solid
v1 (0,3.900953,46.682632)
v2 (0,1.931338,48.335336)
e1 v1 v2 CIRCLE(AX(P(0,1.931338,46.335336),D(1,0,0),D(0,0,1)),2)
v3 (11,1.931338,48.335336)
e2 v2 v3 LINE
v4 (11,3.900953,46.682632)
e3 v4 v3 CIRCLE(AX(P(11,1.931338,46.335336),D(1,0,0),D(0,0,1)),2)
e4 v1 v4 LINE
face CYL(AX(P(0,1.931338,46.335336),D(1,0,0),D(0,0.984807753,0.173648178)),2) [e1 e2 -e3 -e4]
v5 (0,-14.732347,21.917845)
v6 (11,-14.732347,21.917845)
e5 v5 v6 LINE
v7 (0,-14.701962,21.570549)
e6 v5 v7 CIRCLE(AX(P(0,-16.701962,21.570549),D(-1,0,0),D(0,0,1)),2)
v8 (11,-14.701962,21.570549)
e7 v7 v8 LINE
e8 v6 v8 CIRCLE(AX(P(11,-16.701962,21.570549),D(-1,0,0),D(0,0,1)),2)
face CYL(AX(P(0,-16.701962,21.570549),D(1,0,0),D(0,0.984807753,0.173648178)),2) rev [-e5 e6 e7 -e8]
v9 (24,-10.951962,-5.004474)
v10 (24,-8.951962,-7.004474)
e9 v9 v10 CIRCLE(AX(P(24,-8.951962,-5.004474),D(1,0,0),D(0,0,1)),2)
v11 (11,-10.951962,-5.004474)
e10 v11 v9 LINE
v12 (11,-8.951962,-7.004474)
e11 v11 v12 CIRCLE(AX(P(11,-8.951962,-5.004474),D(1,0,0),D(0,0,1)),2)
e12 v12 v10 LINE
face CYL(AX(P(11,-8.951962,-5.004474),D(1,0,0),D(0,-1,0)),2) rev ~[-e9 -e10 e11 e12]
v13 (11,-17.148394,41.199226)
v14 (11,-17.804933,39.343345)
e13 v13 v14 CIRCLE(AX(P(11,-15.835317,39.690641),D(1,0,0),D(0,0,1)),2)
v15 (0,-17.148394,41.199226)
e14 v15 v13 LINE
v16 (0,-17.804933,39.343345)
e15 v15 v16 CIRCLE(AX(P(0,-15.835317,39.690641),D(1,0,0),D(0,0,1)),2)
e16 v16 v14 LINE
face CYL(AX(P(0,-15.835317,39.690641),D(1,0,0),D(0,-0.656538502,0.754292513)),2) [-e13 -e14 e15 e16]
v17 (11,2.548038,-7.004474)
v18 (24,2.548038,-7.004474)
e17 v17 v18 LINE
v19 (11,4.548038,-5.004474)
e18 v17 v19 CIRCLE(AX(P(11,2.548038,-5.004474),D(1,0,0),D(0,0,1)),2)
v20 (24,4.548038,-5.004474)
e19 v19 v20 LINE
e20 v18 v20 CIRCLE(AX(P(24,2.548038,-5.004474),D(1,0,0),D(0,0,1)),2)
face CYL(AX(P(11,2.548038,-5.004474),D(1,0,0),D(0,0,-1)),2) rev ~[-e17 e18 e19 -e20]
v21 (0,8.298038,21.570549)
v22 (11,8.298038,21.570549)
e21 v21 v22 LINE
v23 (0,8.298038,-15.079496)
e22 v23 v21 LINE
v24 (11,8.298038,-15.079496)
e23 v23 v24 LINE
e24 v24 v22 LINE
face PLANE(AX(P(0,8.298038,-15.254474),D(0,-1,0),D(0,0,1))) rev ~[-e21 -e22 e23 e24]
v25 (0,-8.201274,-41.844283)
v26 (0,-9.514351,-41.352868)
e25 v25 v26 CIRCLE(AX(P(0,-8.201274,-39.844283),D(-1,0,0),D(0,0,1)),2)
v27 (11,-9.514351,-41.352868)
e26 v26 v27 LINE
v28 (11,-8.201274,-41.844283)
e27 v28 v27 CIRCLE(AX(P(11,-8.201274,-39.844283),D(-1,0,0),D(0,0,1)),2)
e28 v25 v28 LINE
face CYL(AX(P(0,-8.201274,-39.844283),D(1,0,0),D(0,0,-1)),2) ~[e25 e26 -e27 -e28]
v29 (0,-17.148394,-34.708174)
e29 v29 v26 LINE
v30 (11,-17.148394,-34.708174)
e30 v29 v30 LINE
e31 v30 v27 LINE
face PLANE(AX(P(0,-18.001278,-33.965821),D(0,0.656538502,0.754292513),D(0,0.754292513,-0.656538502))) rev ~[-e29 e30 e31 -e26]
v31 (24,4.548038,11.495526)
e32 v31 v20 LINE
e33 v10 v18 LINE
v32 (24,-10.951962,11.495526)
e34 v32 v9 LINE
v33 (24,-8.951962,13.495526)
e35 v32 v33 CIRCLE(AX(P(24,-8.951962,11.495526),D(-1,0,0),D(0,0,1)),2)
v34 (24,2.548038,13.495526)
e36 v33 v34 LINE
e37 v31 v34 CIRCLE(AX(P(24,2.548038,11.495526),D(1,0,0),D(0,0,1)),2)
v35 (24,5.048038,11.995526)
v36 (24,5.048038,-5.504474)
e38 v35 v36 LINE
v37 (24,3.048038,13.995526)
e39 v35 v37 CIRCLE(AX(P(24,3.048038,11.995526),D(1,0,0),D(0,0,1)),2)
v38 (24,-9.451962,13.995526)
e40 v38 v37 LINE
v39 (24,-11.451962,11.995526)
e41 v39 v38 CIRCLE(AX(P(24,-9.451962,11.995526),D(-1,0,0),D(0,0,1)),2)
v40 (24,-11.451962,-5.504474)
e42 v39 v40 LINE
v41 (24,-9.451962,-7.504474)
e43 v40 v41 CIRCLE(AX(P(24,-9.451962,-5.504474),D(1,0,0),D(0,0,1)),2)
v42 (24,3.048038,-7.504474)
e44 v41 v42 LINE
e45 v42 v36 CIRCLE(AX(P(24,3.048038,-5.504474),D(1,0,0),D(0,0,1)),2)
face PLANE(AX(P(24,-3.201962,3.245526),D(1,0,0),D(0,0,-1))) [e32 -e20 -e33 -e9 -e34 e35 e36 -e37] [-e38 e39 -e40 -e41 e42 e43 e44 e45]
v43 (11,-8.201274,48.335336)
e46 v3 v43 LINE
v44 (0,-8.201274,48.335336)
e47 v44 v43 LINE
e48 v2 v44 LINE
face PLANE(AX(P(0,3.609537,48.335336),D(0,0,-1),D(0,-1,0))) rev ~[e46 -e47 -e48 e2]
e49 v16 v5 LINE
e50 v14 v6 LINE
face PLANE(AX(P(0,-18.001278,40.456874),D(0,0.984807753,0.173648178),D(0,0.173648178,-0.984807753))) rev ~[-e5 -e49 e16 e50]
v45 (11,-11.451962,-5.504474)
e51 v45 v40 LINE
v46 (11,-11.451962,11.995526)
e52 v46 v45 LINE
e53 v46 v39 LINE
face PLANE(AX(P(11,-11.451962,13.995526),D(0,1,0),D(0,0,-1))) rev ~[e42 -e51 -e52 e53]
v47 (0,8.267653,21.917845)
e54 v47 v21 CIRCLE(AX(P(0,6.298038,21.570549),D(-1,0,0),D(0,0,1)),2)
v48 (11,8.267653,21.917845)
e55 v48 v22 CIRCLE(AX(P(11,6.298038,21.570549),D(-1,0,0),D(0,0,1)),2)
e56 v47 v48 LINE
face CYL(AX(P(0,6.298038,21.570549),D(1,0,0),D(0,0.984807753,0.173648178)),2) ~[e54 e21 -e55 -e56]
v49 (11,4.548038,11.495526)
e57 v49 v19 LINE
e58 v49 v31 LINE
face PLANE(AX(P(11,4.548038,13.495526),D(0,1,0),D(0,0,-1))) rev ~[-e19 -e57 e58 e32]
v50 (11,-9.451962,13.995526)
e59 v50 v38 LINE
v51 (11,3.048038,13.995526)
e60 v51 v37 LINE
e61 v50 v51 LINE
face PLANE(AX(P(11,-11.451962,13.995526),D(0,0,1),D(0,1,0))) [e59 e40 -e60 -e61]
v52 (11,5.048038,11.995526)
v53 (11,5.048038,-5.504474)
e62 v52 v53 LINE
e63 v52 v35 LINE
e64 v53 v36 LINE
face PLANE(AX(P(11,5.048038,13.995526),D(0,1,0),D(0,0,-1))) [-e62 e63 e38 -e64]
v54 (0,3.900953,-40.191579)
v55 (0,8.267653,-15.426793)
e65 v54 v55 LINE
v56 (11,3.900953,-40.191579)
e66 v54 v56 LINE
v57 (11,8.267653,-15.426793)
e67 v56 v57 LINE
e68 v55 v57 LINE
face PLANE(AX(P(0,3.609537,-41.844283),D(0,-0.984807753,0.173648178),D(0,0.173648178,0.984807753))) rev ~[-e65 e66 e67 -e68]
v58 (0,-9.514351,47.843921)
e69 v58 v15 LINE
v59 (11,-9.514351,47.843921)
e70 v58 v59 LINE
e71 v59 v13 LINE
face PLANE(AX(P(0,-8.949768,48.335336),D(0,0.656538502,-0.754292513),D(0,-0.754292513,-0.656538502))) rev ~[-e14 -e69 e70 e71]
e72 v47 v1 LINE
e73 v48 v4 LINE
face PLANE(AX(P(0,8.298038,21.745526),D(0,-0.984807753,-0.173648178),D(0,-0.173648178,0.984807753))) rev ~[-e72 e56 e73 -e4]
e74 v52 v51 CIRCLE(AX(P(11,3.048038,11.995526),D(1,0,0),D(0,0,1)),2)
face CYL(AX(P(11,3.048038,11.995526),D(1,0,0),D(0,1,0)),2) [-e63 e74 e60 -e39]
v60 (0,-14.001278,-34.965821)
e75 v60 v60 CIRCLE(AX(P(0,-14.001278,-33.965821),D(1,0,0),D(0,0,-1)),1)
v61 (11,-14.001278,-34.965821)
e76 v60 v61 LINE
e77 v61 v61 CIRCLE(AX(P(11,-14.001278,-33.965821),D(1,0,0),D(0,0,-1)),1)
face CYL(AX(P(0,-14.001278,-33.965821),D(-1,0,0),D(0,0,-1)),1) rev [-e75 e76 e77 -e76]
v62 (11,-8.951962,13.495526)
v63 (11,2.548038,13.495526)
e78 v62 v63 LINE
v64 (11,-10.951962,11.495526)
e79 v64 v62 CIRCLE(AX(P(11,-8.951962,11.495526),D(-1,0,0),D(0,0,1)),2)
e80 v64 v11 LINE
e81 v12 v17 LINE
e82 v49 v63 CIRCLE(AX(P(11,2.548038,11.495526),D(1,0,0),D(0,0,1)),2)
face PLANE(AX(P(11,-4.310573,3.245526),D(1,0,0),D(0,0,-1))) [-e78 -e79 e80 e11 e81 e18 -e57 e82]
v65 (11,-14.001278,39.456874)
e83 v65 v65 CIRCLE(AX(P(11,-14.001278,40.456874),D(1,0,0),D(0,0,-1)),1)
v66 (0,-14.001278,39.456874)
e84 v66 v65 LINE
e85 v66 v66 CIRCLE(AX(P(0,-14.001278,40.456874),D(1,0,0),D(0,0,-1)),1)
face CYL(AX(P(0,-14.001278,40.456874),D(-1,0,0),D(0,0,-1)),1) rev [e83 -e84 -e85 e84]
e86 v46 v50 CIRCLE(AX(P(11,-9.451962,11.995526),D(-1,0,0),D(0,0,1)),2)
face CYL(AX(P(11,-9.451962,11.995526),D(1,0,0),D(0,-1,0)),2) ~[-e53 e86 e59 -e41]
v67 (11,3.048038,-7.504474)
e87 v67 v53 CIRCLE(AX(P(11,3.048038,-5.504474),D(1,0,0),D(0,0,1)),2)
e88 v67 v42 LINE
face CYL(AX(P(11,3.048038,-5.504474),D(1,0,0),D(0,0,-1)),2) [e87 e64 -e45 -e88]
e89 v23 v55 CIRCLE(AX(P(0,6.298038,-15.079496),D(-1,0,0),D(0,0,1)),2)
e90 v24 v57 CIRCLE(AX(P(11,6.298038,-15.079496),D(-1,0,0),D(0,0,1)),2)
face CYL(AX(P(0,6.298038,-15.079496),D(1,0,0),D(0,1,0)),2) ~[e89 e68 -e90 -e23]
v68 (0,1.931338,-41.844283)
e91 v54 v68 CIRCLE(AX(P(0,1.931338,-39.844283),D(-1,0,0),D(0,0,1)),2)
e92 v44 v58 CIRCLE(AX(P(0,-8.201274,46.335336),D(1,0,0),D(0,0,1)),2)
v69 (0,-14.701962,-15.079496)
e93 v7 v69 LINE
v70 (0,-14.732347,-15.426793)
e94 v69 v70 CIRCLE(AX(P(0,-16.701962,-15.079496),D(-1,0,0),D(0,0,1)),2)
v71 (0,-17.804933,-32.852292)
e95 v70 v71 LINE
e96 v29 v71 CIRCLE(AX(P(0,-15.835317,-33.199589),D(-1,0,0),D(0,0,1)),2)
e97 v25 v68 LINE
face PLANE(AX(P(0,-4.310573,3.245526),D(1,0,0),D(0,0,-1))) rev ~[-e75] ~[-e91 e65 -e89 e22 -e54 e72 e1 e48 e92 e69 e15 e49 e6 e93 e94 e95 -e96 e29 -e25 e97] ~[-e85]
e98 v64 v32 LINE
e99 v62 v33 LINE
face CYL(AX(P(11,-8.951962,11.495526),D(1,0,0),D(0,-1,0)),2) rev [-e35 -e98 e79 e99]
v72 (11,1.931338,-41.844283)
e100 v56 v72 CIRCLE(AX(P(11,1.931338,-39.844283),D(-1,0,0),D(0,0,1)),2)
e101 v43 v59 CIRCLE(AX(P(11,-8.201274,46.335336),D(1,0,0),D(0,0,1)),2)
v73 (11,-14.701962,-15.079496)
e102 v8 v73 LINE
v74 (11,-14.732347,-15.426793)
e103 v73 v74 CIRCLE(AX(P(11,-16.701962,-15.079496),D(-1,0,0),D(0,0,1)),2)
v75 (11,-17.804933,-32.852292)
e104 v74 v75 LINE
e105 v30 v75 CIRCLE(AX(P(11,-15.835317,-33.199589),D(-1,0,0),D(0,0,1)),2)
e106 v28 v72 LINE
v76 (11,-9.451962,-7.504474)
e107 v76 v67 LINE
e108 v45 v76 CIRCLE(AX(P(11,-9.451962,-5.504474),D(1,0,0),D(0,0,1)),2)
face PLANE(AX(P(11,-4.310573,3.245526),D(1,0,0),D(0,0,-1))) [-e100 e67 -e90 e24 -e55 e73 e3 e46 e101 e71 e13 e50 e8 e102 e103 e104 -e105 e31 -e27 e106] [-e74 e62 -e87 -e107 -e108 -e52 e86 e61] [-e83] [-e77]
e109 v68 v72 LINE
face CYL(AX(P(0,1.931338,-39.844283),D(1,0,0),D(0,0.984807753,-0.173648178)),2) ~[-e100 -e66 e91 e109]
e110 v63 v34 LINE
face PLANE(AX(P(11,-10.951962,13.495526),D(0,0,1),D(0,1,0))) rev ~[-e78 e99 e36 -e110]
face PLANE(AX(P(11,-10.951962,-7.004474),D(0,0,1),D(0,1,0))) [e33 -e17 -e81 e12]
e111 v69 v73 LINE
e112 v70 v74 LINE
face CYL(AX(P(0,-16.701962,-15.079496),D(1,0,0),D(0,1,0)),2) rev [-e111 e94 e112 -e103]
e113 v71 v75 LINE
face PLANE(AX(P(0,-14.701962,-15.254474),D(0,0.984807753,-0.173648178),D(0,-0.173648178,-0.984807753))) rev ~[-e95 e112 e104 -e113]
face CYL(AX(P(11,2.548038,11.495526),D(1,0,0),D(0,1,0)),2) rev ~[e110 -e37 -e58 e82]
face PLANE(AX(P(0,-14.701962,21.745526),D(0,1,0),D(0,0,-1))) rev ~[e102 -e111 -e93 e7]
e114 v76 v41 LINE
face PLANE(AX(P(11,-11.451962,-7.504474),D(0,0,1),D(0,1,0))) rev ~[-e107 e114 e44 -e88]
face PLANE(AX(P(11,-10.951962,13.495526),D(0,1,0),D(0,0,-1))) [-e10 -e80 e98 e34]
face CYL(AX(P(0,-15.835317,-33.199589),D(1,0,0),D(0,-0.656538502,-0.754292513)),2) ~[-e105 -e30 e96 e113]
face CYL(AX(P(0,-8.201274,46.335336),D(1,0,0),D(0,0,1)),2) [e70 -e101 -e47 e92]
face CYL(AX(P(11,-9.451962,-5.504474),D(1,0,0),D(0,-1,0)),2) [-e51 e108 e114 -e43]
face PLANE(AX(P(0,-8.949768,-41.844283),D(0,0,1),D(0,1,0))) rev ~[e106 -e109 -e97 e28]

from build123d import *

# Parameters (mm, degrees)
SKETCH1_R           = 1
BOSS_EXTRUDE1_DEPTH = 11
SKETCH2_W           = 21.5
SKETCH2_H           = 16.5
SKETCH2_W_2         = 20.5
SKETCH2_H_2         = 15.5
EXTRUDE_THIN1_DEPTH = 13
FILLET1_R           = 2
FILLET2_R           = 2


with BuildPart() as part:
    # Sketch1 → Boss-Extrude1 (new body)
    with BuildSketch(Plane(origin=(0, 0, 0), x_dir=(0, 0, -1), z_dir=(1, 0, 0))):
        Polygon((-21.745526202, 8.298037657), (-48.335335533, 3.60953686), (-48.335335533, -8.949767561), (-40.456873509, -18.001277719), (-21.745526202, -14.701962343), (15.254473798, -14.701962343), (33.965821106, -18.001277719), (41.84428313, -8.949767561), (41.84428313, 3.60953686), (15.254473798, 8.298037657), align=None)
        with Locations((-40.456873509, -14.001277719)):
            Circle(SKETCH1_R, mode=Mode.SUBTRACT)
        with Locations((33.965821106, -14.001277719)):
            Circle(SKETCH1_R, mode=Mode.SUBTRACT)
    extrude(amount=BOSS_EXTRUDE1_DEPTH)

    # Sketch2 → Extrude-Thin1 (add)
    with BuildSketch(Plane(origin=(11, 0, 0), x_dir=(0, 0, -1), z_dir=(1, 0, 0))):
        with Locations((-3.245526202, -3.201962343)):
            Rectangle(SKETCH2_W, SKETCH2_H)
        with Locations((-3.245526202, -3.201962343)):
            Rectangle(SKETCH2_W_2, SKETCH2_H_2, mode=Mode.SUBTRACT)
    extrude(amount=EXTRUDE_THIN1_DEPTH)

    # Fillet1
    fillet1_edges = [part.edges().sort_by_distance(p)[0] for p in [
        (5.5, 8.298037657, -15.254473798),
        (5.5, 3.60953686, -41.84428313),
        (5.5, -8.949767561, -41.84428313),
        (5.5, -18.001277719, -33.965821106),
        (5.5, -14.701962343, -15.254473798),
        (5.5, -14.701962343, 21.745526202),
        (5.5, -18.001277719, 40.456873509),
        (5.5, -8.949767561, 48.335335533),
        (5.5, 3.60953686, 48.335335533),
        (5.5, 8.298037657, 21.745526202),
    ]]
    fillet(fillet1_edges, radius=FILLET1_R)

    # Fillet2
    fillet2_edges = [part.edges().sort_by_distance(p)[0] for p in [
        (17.5, -11.451962343, -7.504473798),
        (17.5, 5.048037657, -7.504473798),
        (17.5, 5.048037657, 13.995526202),
        (17.5, -11.451962343, 13.995526202),
        (17.5, 4.548037657, -7.004473798),
        (17.5, 4.548037657, 13.495526202),
        (17.5, -10.951962343, 13.495526202),
        (17.5, -10.951962343, -7.004473798),
    ]]
    fillet(fillet2_edges, radius=FILLET2_R)


solid = part.part
